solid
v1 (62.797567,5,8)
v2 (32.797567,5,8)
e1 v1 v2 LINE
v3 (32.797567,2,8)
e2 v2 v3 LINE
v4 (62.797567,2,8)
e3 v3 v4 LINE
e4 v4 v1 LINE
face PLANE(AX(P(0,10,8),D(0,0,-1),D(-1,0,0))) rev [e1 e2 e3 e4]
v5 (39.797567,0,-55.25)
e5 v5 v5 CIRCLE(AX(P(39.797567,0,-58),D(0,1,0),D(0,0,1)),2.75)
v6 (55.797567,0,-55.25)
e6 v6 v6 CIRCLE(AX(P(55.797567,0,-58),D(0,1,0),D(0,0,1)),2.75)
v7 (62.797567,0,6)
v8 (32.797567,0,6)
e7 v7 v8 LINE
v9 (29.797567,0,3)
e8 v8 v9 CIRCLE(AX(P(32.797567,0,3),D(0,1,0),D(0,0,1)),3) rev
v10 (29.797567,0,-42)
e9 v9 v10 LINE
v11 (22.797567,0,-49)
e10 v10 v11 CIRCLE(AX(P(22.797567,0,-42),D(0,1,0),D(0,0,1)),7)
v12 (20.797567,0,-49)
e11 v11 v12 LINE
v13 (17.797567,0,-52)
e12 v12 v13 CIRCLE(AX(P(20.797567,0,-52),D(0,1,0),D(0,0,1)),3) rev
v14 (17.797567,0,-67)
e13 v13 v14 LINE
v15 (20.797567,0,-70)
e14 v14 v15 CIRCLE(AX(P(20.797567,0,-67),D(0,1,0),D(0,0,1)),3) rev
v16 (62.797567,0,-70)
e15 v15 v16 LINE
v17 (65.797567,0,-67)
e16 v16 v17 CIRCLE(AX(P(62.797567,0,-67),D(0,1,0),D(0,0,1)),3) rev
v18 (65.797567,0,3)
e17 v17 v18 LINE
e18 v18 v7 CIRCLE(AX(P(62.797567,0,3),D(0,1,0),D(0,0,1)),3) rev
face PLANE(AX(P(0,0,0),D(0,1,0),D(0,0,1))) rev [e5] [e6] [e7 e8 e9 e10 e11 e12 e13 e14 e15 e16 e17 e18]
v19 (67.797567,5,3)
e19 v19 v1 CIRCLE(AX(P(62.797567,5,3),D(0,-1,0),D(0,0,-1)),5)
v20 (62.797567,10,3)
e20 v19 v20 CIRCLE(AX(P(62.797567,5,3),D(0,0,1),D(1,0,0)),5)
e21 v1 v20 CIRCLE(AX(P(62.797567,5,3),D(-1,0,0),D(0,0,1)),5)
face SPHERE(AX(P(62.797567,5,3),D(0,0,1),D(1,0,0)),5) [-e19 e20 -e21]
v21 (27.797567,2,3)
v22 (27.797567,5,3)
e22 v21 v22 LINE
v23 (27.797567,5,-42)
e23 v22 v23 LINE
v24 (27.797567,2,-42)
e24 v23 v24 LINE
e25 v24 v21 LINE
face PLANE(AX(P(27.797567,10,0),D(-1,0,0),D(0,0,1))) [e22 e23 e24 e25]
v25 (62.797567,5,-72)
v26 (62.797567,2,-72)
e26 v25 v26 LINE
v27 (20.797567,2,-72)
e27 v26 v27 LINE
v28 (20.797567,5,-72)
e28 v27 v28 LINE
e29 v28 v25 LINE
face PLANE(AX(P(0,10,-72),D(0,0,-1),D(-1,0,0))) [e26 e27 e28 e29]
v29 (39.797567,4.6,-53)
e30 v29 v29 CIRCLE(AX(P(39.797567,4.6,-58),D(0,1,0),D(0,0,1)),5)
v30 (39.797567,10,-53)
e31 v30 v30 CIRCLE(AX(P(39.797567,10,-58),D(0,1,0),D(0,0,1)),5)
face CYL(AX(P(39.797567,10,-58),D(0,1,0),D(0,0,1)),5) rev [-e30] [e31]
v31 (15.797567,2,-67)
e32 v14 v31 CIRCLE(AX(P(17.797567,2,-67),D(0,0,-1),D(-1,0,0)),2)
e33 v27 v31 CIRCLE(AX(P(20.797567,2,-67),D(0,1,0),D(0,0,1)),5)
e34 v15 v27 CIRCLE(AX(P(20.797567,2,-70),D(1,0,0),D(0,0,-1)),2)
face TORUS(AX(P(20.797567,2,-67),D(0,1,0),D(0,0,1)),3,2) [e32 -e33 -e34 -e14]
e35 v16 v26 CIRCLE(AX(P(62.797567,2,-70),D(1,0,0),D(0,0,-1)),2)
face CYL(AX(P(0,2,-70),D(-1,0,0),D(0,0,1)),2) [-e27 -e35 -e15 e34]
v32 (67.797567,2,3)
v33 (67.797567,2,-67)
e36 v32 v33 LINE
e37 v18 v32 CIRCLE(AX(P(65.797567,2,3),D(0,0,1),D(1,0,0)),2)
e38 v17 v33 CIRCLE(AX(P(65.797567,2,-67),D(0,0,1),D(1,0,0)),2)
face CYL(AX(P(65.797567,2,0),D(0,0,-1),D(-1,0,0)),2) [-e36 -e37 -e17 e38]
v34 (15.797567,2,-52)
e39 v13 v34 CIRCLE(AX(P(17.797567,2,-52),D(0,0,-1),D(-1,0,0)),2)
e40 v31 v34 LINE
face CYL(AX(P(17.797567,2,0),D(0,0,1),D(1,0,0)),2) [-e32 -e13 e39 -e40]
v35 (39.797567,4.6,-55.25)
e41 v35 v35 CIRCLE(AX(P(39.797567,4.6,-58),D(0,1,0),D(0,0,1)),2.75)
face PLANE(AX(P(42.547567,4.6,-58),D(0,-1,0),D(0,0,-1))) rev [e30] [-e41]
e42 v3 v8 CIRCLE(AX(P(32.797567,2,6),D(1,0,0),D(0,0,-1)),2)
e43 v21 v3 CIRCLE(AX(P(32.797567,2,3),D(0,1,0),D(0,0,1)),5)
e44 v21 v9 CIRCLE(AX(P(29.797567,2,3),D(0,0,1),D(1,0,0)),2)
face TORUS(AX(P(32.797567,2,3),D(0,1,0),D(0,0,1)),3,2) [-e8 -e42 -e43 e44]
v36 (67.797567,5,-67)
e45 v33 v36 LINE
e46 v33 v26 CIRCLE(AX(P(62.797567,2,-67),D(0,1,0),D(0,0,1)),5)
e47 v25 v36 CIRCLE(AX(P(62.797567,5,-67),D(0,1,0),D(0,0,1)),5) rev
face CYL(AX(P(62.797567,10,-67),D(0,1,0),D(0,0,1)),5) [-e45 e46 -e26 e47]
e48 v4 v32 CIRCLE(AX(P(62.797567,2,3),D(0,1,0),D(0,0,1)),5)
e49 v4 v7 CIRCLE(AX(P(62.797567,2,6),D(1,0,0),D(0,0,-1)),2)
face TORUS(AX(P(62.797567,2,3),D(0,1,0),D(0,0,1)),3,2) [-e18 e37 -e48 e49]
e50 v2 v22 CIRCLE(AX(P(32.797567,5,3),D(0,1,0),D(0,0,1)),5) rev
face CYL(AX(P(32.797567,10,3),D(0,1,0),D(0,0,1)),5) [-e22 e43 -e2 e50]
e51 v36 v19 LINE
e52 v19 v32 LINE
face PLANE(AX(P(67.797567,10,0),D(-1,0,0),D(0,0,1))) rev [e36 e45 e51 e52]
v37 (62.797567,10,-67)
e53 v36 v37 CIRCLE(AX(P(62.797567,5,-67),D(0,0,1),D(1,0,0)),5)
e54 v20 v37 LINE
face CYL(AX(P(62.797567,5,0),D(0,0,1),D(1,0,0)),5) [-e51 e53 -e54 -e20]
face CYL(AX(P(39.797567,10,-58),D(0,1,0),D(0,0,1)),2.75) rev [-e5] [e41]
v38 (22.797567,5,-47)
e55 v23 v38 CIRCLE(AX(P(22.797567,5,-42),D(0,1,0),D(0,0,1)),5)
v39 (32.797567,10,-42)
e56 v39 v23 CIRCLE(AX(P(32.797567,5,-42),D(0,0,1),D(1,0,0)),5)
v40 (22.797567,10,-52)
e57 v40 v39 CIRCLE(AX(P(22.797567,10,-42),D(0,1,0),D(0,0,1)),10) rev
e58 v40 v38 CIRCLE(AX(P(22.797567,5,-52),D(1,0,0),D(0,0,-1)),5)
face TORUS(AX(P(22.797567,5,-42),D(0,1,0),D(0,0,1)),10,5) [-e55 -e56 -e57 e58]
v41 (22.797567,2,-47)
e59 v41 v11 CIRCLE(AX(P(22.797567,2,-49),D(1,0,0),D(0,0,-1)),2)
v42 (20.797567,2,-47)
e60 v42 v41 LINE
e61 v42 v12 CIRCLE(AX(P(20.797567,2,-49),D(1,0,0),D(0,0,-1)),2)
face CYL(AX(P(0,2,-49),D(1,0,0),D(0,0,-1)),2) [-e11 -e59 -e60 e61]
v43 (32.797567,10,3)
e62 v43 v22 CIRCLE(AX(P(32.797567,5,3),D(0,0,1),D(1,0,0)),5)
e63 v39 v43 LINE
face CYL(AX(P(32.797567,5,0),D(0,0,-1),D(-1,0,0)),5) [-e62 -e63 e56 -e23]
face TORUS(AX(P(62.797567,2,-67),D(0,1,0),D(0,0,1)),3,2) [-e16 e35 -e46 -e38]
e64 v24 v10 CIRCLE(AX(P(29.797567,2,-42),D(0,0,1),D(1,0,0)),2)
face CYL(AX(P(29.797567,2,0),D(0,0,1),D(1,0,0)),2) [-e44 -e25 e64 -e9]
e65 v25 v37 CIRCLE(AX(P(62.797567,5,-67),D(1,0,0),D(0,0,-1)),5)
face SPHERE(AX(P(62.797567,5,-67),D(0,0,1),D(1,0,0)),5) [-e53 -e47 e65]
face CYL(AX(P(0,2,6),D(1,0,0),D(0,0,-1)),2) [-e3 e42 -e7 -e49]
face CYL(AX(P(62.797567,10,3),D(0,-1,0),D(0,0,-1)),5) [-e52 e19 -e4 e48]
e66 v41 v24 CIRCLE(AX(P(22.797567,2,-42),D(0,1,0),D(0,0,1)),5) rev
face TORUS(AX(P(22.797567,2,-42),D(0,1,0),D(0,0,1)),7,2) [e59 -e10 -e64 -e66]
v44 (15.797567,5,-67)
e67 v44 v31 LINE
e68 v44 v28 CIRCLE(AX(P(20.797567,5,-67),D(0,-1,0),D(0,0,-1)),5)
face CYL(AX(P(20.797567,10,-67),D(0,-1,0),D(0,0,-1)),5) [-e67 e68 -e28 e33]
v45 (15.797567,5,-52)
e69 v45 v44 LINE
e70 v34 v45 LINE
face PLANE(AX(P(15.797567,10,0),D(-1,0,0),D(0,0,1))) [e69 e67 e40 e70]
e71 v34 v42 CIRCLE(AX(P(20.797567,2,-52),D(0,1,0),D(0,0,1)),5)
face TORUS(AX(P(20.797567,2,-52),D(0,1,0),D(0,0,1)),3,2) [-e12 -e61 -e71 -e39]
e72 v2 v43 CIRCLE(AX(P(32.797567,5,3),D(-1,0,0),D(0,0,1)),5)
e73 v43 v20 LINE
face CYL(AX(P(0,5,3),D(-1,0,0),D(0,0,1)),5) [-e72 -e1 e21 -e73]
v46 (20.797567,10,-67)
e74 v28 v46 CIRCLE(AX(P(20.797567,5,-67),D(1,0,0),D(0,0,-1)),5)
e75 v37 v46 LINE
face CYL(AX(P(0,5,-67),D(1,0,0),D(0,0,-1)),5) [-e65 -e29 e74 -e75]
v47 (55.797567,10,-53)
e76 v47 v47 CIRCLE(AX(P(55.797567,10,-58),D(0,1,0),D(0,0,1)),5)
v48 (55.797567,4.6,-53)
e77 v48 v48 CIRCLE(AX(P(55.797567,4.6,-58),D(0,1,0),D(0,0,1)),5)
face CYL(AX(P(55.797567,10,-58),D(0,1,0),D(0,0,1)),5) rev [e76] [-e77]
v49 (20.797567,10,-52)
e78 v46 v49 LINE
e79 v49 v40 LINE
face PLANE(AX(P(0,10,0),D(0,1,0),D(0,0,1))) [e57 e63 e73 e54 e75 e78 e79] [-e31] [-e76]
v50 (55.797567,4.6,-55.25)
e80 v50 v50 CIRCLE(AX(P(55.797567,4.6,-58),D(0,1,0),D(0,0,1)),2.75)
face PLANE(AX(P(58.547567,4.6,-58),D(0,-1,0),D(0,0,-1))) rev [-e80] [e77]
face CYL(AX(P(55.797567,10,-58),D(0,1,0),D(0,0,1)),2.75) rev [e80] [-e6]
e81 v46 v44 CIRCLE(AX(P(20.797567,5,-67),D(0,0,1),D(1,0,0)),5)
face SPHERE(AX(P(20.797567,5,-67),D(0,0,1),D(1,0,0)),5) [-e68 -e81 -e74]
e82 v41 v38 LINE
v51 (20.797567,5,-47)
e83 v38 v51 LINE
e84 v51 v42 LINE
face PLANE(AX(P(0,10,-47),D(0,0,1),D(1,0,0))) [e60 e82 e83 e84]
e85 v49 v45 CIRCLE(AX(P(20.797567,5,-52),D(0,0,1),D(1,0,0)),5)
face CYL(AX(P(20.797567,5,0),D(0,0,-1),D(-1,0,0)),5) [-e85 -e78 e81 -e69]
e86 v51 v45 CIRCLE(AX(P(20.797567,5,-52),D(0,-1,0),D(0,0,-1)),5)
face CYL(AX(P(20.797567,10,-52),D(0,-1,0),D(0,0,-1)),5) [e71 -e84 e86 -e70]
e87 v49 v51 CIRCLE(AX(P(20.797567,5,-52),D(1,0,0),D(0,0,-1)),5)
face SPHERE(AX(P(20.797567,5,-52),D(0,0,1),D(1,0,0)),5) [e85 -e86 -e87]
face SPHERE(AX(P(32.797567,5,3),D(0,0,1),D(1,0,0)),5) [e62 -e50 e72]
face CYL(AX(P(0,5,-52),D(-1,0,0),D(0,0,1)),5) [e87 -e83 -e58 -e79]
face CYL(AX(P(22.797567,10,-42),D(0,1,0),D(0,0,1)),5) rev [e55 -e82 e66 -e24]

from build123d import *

# Parameters (mm, degrees)
SALIENTE_EXTRUIR1_DEPTH         = 10
REDONDEO2_R                     = 5
REDONDEO3_R                     = 5
REDONDEO5_R                     = 2
TALADRO_ROSCADO_M51_D           = 5.5
TALADRO_ROSCADO_M51_CBORE_D     = 10
TALADRO_ROSCADO_M51_CBORE_DEPTH = 5.4


with BuildPart() as part:
    # Croquis1 → Saliente-Extruir1 (new body)
    with BuildSketch(Plane(origin=(0, 0, 0), x_dir=(1, 0, 0), z_dir=(0, 1, 0))):
        Polygon((27.79756746, -8), (27.79756746, 47), (15.79756746, 47), (15.79756746, 72), (67.79756746, 72), (67.79756746, -8), align=None)
    extrude(amount=SALIENTE_EXTRUIR1_DEPTH)

    # Redondeo2
    redondeo2_edges = [part.edges().sort_by_distance(p)[0] for p in [
        (15.79756746, 5, -72),
        (67.79756746, 5, -72),
        (67.79756746, 5, 8),
        (27.79756746, 5, 8),
        (27.79756746, 5, -47),
        (15.79756746, 5, -47),
    ]]
    fillet(redondeo2_edges, radius=REDONDEO2_R)

    # Redondeo3
    redondeo3_edges = [part.edges().sort_by_distance(p)[0] for p in [
        (47.79756746, 10, 8),
        (27.79756746, 10, -19.5),
        (15.79756746, 10, -59.5),
        (21.79756746, 10, -47),
        (67.79756746, 10, -32),
        (41.79756746, 10, -72),
        (17.262033554, 10, -48.464466094),
        (66.333101366, 10, 6.535533906),
        (66.333101366, 10, -70.535533906),
        (17.262033554, 10, -70.535533906),
        (29.262033554, 10, 6.535533906),
        (26.333101366, 10, -45.535533906),
    ]]
    fillet(redondeo3_edges, radius=REDONDEO3_R)

    # Redondeo5
    redondeo5_edges = [part.edges().sort_by_distance(p)[0] for p in [
        (47.79756746, 0, 8),
        (15.79756746, 0, -59.5),
        (41.79756746, 0, -72),
        (67.79756746, 0, -32),
        (27.79756746, 0, -19.5),
        (21.79756746, 0, -47),
        (17.262033554, 0, -48.464466094),
        (66.333101366, 0, 6.535533906),
        (66.333101366, 0, -70.535533906),
        (17.262033554, 0, -70.535533906),
        (29.262033554, 0, 6.535533906),
        (26.333101366, 0, -45.535533906),
    ]]
    fillet(redondeo5_edges, radius=REDONDEO5_R)

    # Taladro roscado M51 (through all)
    with Locations(Plane(origin=(-0.50897812, 10, 14.967559644), x_dir=(-1, 0, 0), z_dir=(0, 1, 0))):
        with Locations((-56.30654558, -72.967559644), (-40.30654558, -72.967559644)):
            CounterBoreHole(TALADRO_ROSCADO_M51_D / 2, TALADRO_ROSCADO_M51_CBORE_D / 2, TALADRO_ROSCADO_M51_CBORE_DEPTH)


solid = part.part
